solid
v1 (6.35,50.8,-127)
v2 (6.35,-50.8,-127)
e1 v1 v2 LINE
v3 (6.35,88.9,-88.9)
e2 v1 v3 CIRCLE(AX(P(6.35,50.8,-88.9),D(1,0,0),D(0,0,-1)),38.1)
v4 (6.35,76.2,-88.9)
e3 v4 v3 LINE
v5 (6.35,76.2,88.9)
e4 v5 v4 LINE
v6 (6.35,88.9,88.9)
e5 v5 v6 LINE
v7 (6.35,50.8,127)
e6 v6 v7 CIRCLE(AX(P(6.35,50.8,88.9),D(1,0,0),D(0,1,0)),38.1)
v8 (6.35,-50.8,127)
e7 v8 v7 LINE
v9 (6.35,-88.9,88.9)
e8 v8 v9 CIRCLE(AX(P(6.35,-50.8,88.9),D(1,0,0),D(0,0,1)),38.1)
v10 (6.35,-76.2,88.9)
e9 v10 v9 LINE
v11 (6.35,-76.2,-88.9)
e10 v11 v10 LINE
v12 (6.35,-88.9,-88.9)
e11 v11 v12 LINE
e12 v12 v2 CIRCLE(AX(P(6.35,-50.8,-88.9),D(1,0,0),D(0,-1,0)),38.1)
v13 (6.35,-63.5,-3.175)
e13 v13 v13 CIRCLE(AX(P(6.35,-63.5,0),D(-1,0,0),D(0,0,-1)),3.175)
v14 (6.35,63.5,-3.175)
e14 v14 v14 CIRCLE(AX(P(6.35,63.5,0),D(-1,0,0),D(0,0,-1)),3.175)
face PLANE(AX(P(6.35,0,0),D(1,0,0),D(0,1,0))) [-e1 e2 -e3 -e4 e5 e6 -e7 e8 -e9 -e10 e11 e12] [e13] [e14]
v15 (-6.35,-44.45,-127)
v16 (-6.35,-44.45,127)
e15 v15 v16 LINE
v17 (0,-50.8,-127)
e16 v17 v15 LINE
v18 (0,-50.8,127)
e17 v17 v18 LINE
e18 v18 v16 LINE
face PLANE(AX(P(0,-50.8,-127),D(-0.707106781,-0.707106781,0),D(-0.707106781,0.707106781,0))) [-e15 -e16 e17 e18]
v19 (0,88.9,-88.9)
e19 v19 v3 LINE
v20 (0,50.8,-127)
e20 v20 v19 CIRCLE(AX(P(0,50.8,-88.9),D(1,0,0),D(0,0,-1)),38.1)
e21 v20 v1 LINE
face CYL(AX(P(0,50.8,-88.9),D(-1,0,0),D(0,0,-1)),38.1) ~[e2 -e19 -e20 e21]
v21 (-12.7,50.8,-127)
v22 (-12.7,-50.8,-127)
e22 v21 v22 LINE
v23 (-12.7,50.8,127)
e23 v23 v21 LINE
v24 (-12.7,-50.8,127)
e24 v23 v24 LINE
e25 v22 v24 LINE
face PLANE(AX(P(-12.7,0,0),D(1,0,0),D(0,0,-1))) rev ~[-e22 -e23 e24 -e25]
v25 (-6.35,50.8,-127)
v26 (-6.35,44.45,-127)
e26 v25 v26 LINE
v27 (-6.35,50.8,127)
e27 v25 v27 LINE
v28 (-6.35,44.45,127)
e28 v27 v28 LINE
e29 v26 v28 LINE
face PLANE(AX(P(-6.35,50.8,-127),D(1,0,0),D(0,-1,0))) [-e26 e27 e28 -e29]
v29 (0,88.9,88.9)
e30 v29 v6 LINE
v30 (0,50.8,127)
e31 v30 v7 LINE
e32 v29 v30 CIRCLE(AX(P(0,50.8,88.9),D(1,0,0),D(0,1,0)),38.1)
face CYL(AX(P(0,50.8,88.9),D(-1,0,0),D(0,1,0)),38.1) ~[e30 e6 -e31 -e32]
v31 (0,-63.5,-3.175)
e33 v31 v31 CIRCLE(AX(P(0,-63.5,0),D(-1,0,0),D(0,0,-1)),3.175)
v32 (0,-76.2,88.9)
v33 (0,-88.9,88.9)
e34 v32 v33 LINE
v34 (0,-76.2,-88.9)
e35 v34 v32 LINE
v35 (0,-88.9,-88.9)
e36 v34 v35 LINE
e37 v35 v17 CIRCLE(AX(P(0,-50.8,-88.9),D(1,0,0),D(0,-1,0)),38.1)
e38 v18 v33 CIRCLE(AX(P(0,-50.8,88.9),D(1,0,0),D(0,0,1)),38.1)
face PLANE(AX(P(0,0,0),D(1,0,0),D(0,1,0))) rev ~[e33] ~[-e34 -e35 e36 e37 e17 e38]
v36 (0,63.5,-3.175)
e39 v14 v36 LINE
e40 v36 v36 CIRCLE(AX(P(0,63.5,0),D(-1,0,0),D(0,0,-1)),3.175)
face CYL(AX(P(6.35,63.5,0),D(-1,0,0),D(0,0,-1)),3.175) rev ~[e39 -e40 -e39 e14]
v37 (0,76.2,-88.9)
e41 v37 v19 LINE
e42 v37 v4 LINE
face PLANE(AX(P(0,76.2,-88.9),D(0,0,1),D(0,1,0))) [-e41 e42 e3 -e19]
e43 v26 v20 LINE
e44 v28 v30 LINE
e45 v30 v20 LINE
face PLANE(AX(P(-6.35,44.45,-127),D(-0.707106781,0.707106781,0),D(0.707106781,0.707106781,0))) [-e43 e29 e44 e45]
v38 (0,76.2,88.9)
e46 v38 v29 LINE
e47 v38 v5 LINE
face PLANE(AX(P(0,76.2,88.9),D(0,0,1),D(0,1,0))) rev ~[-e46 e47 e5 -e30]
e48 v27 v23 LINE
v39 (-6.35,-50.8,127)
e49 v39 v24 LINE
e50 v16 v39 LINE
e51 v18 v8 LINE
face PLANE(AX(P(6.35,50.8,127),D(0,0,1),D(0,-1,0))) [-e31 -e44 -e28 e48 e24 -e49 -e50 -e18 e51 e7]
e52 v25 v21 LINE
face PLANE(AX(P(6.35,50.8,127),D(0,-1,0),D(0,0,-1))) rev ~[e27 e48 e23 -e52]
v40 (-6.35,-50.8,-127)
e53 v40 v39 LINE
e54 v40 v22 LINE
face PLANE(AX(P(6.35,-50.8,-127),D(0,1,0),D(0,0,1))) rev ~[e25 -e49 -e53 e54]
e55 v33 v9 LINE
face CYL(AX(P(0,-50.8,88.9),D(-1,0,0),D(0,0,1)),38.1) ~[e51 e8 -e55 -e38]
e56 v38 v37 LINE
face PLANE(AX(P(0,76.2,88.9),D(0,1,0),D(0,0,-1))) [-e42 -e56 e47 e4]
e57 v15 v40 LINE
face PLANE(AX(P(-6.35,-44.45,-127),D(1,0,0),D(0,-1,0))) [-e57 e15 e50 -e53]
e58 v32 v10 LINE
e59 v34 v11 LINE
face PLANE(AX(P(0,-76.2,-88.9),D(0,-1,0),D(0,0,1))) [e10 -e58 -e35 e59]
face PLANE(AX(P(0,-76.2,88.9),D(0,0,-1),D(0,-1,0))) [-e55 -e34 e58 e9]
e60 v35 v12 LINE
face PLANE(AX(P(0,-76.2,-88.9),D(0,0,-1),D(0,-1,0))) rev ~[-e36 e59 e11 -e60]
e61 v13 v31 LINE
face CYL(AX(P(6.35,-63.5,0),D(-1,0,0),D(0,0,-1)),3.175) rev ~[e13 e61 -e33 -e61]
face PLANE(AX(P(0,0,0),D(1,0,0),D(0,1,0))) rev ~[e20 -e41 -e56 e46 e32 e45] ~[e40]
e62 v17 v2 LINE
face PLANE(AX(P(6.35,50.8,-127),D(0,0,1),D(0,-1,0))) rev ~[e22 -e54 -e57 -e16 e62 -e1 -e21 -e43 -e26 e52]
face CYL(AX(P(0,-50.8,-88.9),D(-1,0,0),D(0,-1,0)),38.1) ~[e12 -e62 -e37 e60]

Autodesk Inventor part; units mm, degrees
ref_plane "YZ Plane" through (0, 0, 0) normal (1, 0, 0) x (0, 1, 0)
ref_plane "XZ Plane" through (0, 0, 0) normal (0, 1, 0) x (-1, 0, 0)
ref_plane "XY Plane" through (0, 0, 0) normal (0, 0, 1) x (1, 0, 0)
sketch "Sketch1" plane through (0, 0, 0) normal (1, 0, 0) x (0, 1, 0)
  line L0 (-76.2, 88.9) -> (-76.2, 88.9)
  line L1 (-50.8, 127) -> (50.8, 127)
  line L2 (50.8, -127) -> (-50.8, -127)
  line L3 (-76.2, -88.9) -> (-76.2, 88.9)
  arc A0 (88.9, 88.9) -> (50.8, 127) centre (50.8, 88.9) ccw
  line L4 (76.2, 88.9) -> (88.9, 88.9)
  arc A1 (-50.8, 127) -> (-88.9, 88.9) centre (-50.8, 88.9) ccw
  line L5 (-50.8, 88.9) -> (-88.9, 88.9)
  arc A2 (50.8, -127) -> (88.9, -88.9) centre (50.8, -88.9) ccw
  line L6 (76.2, -88.9) -> (88.9, -88.9)
  line L7 (76.2, 88.9) -> (76.2, -88.9)
  arc A3 (-88.9, -88.9) -> (-50.8, -127) centre (-50.8, -88.9) ccw
  line L8 (-76.2, -88.9) -> (-88.9, -88.9)
  point P0 (0, 0)
  point P1 (-76.2, 117.2981)
  point P2 (-76.2, -117.2981)
  dimension "d62" = 254
  dimension "d64" = 76.2
  dimension "d65" = 127
  dimension "d66" = 76.2
  dimension "d72" = 76.2
  dimension "d73" = 25.4
  dimension "d74" = 76.2
  dimension "d76" = 25.4
  dimension "d77" = 76.2
  dimension "d78" = 25.4
extrude "Extrusion1" add sketch "Sketch1" along normal blind 6.35
sketch "Sketch3" plane through (6.35, 0, 0) normal (1, 0, 0) x (0, 0, -1)
  line L0 (88.9, 76.2) -> (-88.9, 76.2) projected
  line L1 (127, -50.8) -> (127, 50.8) projected
  line L2 (-88.9, -76.2) -> (88.9, -76.2) projected
  point P0 (0, 0)
  point P1 (0, -63.5)
  point P2 (0, 63.5)
  point P3 (0, 63.5)
  point P4 (127, 76.2)
  point P5 (127, -76.2)
  point P6 (-127, -76.2)
  dimension "d68" = 12.7
  dimension "d69" = 127
  dimension "d70" = 127
  dimension "d71" = 12.7
hole "Hole2" at (6.35, -63.5, 0) direction (-1, 0, 0) diameter 6.35 end through all
hole "Hole3" at (6.35, 63.5, 0) direction (-1, 0, 0) diameter 6.35 end through all
sketch "Sketch4" plane through (6.35, 0, 0) normal (1, 0, 0) x (0, 0, -1)
  line L0 (-127, 50.8) -> (-127, -50.8) projected
  line L1 (-127, 50.8) -> (127, 50.8)
  line L2 (127, 50.8) -> (127, -50.8)
  line L3 (127, -50.8) -> (-127, -50.8)
  line L4 (-127, -50.8) -> (-127, 50.8)
  point P0 (0, 0)
  point P1 (-88.9, 88.9)
  dimension "d79" = 101.6
  dimension "d80" = 38.1
extrude "Extrusion2" add sketch "Sketch4" against normal blind 19.05
sketch "Sketch6" plane through (6.35, -50.8, -127) normal (0, 0, -1) x (-1, 0, 0)
  line L0 (6.35, 0) -> (0, 0) projected
  line L1 (6.35, 0) -> (12.7, 6.35)
  line L2 (6.35, 0) -> (15.3303, 0) construction
  line L3 (12.7, 6.35) -> (12.7, 0)
  line L4 (12.7, 0) -> (6.35, 0)
  point P0 (6.35, 50.8)
  dimension "d84" = 45
  dimension "d85" = 6.35
extrude "Extrusion3" cut sketch "Sketch6" against normal up to next
sketch "Sketch7" plane through (6.35, -50.8, -127) normal (0, 0, -1) x (-1, 0, 0)
  line L0 (6.35, 101.6) -> (19.05, 101.6) projected
  line L1 (6.35, 101.6) -> (12.7, 101.6)
  line L2 (12.7, 101.6) -> (12.7, 95.25)
  line L3 (12.7, 95.25) -> (6.35, 101.6)
  point P0 (6.35, 50.8)
  dimension "d92" = 6.35
extrude "Extrusion4" cut sketch "Sketch7" against normal up to next
properties part number "Frame" material "ABS Plastic"
